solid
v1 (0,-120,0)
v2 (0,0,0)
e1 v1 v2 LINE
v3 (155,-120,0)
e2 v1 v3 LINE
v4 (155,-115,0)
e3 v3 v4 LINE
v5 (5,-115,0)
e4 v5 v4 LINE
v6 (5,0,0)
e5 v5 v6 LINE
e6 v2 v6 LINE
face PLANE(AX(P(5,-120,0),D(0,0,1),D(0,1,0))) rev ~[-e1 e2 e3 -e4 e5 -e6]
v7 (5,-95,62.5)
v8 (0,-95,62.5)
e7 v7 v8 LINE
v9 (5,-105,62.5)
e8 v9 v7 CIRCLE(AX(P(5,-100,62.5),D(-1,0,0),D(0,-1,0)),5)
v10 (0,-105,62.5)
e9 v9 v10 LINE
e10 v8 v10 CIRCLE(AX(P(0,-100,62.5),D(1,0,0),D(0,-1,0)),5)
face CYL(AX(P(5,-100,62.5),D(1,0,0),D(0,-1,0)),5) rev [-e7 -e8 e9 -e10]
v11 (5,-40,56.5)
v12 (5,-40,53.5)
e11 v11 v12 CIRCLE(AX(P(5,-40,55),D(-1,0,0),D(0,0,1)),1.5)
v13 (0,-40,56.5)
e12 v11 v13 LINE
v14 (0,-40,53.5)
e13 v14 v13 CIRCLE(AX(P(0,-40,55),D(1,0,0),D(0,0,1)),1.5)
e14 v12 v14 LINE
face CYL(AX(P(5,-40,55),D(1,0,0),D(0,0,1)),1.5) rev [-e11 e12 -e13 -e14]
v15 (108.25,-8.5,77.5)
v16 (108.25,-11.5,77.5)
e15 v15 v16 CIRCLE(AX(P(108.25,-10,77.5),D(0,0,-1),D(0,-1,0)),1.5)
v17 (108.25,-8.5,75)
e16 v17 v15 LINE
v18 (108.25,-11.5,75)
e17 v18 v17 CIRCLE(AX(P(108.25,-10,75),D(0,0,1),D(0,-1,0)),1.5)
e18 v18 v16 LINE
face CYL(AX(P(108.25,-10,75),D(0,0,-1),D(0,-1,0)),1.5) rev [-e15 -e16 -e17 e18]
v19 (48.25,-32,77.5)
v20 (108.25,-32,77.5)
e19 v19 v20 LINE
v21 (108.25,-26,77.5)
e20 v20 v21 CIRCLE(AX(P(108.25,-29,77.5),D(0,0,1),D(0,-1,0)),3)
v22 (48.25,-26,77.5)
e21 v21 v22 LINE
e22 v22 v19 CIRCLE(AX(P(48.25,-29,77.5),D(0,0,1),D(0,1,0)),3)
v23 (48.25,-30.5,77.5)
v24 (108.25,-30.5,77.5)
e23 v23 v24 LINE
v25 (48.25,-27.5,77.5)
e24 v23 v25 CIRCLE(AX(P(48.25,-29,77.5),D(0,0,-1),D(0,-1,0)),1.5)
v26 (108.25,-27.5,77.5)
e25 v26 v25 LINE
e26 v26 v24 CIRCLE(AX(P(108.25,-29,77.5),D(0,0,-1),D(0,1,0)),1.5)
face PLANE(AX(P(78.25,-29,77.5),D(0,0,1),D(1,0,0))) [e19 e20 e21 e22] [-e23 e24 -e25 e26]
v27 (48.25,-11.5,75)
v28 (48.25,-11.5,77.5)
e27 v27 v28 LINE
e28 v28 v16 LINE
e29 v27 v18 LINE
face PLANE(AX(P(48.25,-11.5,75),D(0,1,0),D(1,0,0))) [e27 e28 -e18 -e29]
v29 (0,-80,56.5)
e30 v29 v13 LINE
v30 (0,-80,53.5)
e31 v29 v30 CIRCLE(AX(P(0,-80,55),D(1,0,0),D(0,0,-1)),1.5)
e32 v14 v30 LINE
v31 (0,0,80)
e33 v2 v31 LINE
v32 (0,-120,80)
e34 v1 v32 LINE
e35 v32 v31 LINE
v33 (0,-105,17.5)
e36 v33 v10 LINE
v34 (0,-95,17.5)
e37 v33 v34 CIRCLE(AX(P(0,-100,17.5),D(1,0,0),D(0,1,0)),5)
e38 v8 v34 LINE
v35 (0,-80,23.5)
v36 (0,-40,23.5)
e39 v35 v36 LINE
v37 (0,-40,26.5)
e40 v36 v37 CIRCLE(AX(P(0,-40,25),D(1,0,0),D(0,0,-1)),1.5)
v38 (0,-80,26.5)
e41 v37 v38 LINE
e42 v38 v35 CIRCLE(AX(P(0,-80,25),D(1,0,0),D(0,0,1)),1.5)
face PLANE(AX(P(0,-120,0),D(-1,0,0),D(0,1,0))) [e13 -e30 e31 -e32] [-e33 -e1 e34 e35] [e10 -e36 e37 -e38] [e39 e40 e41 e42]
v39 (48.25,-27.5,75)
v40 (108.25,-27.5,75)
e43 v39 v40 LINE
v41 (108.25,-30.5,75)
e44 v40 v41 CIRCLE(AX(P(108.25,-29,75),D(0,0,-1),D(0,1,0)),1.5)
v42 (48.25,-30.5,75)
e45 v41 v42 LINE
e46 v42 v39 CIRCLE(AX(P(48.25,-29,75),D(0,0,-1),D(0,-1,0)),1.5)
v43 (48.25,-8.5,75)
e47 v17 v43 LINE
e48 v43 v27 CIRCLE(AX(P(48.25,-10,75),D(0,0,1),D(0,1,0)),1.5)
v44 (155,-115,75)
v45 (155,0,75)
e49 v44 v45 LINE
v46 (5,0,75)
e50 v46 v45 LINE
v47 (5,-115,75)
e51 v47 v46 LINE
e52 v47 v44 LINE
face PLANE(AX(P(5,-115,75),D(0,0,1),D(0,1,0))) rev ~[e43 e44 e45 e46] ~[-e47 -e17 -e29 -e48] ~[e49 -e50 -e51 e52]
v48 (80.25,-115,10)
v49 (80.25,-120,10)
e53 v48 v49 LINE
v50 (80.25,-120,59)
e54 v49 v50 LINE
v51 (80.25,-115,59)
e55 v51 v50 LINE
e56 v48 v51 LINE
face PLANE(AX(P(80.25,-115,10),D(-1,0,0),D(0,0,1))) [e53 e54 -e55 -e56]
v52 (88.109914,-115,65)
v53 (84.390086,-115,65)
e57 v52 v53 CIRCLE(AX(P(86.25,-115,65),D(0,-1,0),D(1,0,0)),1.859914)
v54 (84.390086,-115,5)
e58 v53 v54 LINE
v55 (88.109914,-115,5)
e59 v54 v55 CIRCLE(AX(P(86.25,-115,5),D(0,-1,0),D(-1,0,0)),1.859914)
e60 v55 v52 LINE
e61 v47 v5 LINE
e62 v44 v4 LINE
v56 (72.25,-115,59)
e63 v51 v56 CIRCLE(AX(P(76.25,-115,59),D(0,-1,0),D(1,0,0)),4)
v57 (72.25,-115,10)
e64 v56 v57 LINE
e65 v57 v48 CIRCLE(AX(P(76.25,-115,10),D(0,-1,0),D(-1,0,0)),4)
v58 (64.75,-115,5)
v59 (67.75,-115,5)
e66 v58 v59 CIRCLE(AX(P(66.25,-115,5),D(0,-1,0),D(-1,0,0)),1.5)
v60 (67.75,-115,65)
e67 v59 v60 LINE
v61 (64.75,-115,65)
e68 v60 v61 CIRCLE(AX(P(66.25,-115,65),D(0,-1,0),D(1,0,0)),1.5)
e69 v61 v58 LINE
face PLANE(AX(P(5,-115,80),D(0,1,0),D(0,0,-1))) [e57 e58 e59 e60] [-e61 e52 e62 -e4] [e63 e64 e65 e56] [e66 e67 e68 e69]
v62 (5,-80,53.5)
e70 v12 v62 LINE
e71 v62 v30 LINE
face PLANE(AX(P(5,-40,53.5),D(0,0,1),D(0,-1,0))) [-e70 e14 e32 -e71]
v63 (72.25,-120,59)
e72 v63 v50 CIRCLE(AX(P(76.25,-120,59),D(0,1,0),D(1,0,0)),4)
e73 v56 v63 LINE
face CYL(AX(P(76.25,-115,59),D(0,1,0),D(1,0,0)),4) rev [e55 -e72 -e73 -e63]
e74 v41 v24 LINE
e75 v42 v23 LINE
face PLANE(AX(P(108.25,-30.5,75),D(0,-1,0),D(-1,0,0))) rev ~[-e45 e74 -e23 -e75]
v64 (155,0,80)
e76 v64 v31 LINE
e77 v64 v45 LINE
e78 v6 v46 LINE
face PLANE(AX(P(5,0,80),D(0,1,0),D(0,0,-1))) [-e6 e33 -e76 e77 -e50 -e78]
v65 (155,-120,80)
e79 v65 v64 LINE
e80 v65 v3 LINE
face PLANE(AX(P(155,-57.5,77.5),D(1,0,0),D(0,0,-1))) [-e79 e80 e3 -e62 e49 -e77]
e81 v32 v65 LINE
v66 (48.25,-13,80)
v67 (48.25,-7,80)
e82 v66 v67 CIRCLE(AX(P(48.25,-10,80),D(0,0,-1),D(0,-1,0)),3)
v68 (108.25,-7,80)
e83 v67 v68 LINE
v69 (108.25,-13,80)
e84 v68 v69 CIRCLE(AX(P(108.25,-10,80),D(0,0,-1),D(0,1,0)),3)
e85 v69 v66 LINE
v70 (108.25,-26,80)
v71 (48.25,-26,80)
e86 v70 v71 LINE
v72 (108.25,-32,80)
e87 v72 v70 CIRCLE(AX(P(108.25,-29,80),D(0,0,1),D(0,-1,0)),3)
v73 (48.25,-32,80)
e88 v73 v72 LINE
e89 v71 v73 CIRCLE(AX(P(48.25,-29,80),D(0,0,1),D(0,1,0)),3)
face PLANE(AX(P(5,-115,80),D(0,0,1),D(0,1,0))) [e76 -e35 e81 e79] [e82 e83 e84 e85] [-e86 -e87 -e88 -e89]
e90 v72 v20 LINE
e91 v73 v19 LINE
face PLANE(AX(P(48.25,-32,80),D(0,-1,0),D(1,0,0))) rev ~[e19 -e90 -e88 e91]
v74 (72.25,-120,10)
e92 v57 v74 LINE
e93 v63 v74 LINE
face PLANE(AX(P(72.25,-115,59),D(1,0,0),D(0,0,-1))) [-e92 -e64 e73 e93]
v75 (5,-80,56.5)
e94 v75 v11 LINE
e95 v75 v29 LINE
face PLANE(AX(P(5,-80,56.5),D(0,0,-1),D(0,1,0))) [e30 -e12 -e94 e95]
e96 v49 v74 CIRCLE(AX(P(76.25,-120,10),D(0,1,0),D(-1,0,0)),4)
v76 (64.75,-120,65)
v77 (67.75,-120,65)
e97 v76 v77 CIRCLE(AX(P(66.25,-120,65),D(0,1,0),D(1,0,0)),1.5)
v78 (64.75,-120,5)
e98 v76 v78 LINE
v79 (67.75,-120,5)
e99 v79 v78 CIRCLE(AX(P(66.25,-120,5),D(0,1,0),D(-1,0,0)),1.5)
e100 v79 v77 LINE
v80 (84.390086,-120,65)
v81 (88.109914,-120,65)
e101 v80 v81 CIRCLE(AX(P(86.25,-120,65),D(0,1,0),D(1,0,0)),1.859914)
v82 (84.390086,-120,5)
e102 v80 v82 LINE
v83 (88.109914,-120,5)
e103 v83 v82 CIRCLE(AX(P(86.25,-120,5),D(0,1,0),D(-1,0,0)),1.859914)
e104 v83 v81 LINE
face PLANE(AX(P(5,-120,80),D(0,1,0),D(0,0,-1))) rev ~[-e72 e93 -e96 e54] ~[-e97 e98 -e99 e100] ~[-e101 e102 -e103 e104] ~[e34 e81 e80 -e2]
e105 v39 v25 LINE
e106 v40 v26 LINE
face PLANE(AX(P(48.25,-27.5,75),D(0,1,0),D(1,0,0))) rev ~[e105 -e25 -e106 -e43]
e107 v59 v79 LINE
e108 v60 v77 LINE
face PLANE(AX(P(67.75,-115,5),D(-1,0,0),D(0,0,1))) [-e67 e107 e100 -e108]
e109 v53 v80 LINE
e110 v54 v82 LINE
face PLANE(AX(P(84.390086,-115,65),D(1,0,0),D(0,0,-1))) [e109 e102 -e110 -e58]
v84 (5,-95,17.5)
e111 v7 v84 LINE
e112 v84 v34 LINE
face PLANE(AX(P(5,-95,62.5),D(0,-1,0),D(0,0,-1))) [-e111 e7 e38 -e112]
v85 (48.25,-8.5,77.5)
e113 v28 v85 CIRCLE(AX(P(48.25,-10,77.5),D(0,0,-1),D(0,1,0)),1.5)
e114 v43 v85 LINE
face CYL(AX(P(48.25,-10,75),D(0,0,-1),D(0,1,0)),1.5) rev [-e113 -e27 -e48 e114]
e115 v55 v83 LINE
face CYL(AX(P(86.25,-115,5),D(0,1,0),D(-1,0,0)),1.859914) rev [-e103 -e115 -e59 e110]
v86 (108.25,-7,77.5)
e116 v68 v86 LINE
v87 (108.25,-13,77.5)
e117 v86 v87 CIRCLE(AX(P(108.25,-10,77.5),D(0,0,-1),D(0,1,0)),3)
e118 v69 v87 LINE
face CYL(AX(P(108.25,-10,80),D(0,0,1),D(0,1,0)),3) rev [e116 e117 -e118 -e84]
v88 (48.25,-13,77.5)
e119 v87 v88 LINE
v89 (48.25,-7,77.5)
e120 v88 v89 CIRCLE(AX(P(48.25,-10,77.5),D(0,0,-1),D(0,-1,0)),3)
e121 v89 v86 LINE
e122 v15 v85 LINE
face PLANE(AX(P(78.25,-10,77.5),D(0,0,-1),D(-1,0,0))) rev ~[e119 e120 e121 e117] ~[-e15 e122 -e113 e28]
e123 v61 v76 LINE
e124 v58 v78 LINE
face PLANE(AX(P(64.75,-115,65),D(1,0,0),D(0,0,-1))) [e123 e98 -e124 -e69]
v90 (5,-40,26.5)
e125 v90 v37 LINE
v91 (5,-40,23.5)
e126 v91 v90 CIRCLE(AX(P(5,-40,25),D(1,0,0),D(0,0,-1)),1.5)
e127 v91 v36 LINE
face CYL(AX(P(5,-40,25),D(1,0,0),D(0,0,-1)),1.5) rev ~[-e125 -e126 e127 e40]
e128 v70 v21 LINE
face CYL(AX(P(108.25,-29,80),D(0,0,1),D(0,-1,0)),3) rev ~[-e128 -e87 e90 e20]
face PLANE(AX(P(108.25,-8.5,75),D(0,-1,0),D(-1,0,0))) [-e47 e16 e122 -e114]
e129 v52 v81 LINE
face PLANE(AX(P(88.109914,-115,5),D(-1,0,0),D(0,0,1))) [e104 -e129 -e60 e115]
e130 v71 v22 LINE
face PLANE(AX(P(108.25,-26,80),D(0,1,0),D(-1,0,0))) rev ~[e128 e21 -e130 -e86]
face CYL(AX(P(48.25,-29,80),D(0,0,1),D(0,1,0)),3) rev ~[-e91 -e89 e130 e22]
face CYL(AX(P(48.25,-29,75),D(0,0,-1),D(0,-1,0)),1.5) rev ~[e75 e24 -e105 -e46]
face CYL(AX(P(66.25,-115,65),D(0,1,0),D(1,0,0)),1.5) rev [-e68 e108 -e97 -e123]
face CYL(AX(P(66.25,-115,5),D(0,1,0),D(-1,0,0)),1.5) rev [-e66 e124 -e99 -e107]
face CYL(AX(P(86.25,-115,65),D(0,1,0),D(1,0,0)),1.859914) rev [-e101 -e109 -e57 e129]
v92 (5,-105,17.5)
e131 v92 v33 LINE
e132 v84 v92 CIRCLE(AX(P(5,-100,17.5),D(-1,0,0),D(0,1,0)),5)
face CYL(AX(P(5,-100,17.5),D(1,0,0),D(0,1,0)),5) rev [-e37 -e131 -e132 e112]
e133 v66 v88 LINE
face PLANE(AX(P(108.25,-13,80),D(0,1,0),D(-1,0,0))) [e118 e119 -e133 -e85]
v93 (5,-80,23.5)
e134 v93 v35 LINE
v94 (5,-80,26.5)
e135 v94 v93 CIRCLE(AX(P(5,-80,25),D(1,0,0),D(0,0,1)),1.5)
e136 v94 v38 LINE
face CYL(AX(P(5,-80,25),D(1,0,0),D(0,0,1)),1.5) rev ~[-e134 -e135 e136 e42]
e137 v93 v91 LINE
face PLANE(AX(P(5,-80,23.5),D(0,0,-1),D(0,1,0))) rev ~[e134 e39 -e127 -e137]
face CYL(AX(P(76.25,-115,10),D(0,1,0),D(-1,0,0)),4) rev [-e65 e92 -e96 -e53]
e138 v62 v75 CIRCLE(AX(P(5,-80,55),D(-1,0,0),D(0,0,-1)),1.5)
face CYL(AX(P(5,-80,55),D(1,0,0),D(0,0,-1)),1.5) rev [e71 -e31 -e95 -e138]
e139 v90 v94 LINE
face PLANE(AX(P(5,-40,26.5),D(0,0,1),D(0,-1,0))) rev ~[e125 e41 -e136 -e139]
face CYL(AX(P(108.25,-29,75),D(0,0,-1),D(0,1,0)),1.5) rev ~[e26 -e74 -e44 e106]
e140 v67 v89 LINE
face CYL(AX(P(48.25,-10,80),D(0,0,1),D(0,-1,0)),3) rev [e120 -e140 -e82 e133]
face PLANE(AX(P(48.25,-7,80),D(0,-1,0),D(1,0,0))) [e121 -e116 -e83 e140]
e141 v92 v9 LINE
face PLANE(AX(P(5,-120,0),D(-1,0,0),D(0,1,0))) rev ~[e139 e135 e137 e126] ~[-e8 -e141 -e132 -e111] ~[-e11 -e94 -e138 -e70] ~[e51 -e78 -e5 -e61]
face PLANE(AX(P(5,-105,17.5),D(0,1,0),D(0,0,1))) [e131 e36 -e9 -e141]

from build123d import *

# Parameters (mm, degrees)
SKETCH_1_W          = 5
SKETCH_1_H          = 120
EXTRUDE_1_DEPTH     = 80
SKETCH_2_W          = 80
SKETCH_2_H          = 5
EXTRUDE_2_DEPTH     = 150
CUT_EXTRUDE_1_REACH = 7
SKETCH_4_W          = 5
SKETCH_4_H          = 115
EXTRUDE_3_DEPTH     = 150
CUT_EXTRUDE_4_DEPTH = 2.5
CUT_EXTRUDE_5_DEPTH = 6
CUT_EXTRUDE_6_DEPTH = 6


with BuildPart() as part:
    # 草图1 → 凸台-拉伸1 (new body)
    with BuildSketch(Plane.XY):
        with Locations((2.5, -60)):
            Rectangle(SKETCH_1_W, SKETCH_1_H)
    extrude(amount=EXTRUDE_1_DEPTH)

    # 草图2 → 凸台-拉伸2 (add)
    with BuildSketch(Plane(origin=(5, 0, 0), x_dir=(0, 0, -1), z_dir=(1, 0, 0))):
        with Locations((-40, -117.5)):
            Rectangle(SKETCH_2_W, SKETCH_2_H)
    extrude(amount=EXTRUDE_2_DEPTH)

    # 草图3 → 切除-拉伸1 (cut, up to next)
    with BuildSketch(Plane(origin=(5, 0, 0), x_dir=(0, 0, -1), z_dir=(1, 0, 0)), mode=Mode.PRIVATE) as cut_extrude_1_sk1:
        with BuildLine():
            Line((-53.5, -40), (-53.5, -80))
            ThreePointArc((-53.5, -80), (-55, -81.5), (-56.5, -80))
            Line((-56.5, -80), (-56.5, -40))
            ThreePointArc((-56.5, -40), (-55, -38.5), (-53.5, -40))
        make_face()
    cut_extrude_1_tool1 = extrude(cut_extrude_1_sk1.sketch, amount=-CUT_EXTRUDE_1_REACH, mode=Mode.PRIVATE) & part.part
    add(cut_extrude_1_tool1.solids().sort_by_distance((5, -60, 55))[0], mode=Mode.SUBTRACT)
    # 草图3 → 切除-拉伸1 (cut, up to next)
    with BuildSketch(Plane(origin=(5, 0, 0), x_dir=(0, 0, -1), z_dir=(1, 0, 0)), mode=Mode.PRIVATE) as cut_extrude_1_sk2:
        with BuildLine():
            Line((-26.5, -40), (-26.5, -80))
            ThreePointArc((-26.5, -80), (-25, -81.5), (-23.5, -80))
            Line((-23.5, -80), (-23.5, -40))
            ThreePointArc((-23.5, -40), (-25, -38.5), (-26.5, -40))
        make_face()
    cut_extrude_1_tool2 = extrude(cut_extrude_1_sk2.sketch, amount=-CUT_EXTRUDE_1_REACH, mode=Mode.PRIVATE) & part.part
    add(cut_extrude_1_tool2.solids().sort_by_distance((5, -60, 25))[0], mode=Mode.SUBTRACT)
    # 草图3 → 切除-拉伸1 (cut, up to next)
    with BuildSketch(Plane(origin=(5, 0, 0), x_dir=(0, 0, -1), z_dir=(1, 0, 0)), mode=Mode.PRIVATE) as cut_extrude_1_sk3:
        with BuildLine():
            Line((-62.5, -95), (-17.5, -95))
            ThreePointArc((-17.5, -95), (-12.5, -100), (-17.5, -105))
            Line((-17.5, -105), (-62.5, -105))
            ThreePointArc((-62.5, -105), (-67.5, -100), (-62.5, -95))
        make_face()
    cut_extrude_1_tool3 = extrude(cut_extrude_1_sk3.sketch, amount=-CUT_EXTRUDE_1_REACH, mode=Mode.PRIVATE) & part.part
    add(cut_extrude_1_tool3.solids().sort_by_distance((5, -100, 40))[0], mode=Mode.SUBTRACT)

    # 草图4 → 凸台-拉伸3 (add)
    with BuildSketch(Plane(origin=(5, 0, 0), x_dir=(0, 0, -1), z_dir=(1, 0, 0))):
        with Locations((-77.5, -57.5)):
            Rectangle(SKETCH_4_W, SKETCH_4_H)
    extrude(amount=EXTRUDE_3_DEPTH)

    # 草图8 → 切除-拉伸4 (cut)
    with BuildSketch(Plane.XY.offset(80)):
        with BuildLine():
            Line((48.25, -7), (108.25, -7))
            ThreePointArc((108.25, -7), (111.25, -10), (108.25, -13))
            Line((108.25, -13), (48.25, -13))
            ThreePointArc((48.25, -13), (45.25, -10), (48.25, -7))
        make_face()
        with BuildLine():
            Line((48.25, -32), (108.25, -32))
            ThreePointArc((108.25, -32), (111.25, -29), (108.25, -26))
            Line((108.25, -26), (48.25, -26))
            ThreePointArc((48.25, -26), (45.25, -29), (48.25, -32))
        make_face()
    extrude(amount=-CUT_EXTRUDE_4_DEPTH, mode=Mode.SUBTRACT)

    # 草图6 → 切除-拉伸5 (cut, through all)
    with BuildSketch(Plane(origin=(0, 0, 75), x_dir=(-1, 0, 0), z_dir=(0, 0, -1))):
        with BuildLine():
            Line((-48.25, -11.5), (-108.25, -11.5))
            ThreePointArc((-108.25, -11.5), (-109.75, -10), (-108.25, -8.5))
            Line((-108.25, -8.5), (-48.25, -8.5))
            ThreePointArc((-48.25, -8.5), (-46.75, -10), (-48.25, -11.5))
        make_face()
        with BuildLine():
            Line((-48.25, -27.5), (-108.25, -27.5))
            ThreePointArc((-108.25, -27.5), (-109.75, -29), (-108.25, -30.5))
            Line((-108.25, -30.5), (-48.25, -30.5))
            ThreePointArc((-48.25, -30.5), (-46.75, -29), (-48.25, -27.5))
        make_face()
    extrude(amount=-CUT_EXTRUDE_5_DEPTH, mode=Mode.SUBTRACT)

    # 草图9 → 切除-拉伸6 (cut, through all)
    with BuildSketch(Plane(origin=(0, -115, 0), x_dir=(1, 0, 0), z_dir=(0, 1, 0))):
        with BuildLine():
            Line((80.25, -10), (80.25, -59))
            ThreePointArc((80.25, -59), (76.25, -63), (72.25, -59))
            Line((72.25, -59), (72.25, -10))
            ThreePointArc((72.25, -10), (76.25, -6), (80.25, -10))
        make_face()
        with BuildLine():
            Line((67.75, -5), (67.75, -65))
            ThreePointArc((67.75, -65), (66.25, -66.5), (64.75, -65))
            Line((64.75, -65), (64.75, -5))
            ThreePointArc((64.75, -5), (66.25, -3.5), (67.75, -5))
        make_face()
        with BuildLine():
            Line((88.109913979, -5), (88.109913979, -65))
            ThreePointArc((88.109913979, -65), (86.25, -66.859913979), (84.390086021, -65))
            Line((84.390086021, -65), (84.390086021, -5))
            ThreePointArc((84.390086021, -5), (86.25, -3.140086021), (88.109913979, -5))
        make_face()
    extrude(amount=-CUT_EXTRUDE_6_DEPTH, mode=Mode.SUBTRACT)


solid = part.part
